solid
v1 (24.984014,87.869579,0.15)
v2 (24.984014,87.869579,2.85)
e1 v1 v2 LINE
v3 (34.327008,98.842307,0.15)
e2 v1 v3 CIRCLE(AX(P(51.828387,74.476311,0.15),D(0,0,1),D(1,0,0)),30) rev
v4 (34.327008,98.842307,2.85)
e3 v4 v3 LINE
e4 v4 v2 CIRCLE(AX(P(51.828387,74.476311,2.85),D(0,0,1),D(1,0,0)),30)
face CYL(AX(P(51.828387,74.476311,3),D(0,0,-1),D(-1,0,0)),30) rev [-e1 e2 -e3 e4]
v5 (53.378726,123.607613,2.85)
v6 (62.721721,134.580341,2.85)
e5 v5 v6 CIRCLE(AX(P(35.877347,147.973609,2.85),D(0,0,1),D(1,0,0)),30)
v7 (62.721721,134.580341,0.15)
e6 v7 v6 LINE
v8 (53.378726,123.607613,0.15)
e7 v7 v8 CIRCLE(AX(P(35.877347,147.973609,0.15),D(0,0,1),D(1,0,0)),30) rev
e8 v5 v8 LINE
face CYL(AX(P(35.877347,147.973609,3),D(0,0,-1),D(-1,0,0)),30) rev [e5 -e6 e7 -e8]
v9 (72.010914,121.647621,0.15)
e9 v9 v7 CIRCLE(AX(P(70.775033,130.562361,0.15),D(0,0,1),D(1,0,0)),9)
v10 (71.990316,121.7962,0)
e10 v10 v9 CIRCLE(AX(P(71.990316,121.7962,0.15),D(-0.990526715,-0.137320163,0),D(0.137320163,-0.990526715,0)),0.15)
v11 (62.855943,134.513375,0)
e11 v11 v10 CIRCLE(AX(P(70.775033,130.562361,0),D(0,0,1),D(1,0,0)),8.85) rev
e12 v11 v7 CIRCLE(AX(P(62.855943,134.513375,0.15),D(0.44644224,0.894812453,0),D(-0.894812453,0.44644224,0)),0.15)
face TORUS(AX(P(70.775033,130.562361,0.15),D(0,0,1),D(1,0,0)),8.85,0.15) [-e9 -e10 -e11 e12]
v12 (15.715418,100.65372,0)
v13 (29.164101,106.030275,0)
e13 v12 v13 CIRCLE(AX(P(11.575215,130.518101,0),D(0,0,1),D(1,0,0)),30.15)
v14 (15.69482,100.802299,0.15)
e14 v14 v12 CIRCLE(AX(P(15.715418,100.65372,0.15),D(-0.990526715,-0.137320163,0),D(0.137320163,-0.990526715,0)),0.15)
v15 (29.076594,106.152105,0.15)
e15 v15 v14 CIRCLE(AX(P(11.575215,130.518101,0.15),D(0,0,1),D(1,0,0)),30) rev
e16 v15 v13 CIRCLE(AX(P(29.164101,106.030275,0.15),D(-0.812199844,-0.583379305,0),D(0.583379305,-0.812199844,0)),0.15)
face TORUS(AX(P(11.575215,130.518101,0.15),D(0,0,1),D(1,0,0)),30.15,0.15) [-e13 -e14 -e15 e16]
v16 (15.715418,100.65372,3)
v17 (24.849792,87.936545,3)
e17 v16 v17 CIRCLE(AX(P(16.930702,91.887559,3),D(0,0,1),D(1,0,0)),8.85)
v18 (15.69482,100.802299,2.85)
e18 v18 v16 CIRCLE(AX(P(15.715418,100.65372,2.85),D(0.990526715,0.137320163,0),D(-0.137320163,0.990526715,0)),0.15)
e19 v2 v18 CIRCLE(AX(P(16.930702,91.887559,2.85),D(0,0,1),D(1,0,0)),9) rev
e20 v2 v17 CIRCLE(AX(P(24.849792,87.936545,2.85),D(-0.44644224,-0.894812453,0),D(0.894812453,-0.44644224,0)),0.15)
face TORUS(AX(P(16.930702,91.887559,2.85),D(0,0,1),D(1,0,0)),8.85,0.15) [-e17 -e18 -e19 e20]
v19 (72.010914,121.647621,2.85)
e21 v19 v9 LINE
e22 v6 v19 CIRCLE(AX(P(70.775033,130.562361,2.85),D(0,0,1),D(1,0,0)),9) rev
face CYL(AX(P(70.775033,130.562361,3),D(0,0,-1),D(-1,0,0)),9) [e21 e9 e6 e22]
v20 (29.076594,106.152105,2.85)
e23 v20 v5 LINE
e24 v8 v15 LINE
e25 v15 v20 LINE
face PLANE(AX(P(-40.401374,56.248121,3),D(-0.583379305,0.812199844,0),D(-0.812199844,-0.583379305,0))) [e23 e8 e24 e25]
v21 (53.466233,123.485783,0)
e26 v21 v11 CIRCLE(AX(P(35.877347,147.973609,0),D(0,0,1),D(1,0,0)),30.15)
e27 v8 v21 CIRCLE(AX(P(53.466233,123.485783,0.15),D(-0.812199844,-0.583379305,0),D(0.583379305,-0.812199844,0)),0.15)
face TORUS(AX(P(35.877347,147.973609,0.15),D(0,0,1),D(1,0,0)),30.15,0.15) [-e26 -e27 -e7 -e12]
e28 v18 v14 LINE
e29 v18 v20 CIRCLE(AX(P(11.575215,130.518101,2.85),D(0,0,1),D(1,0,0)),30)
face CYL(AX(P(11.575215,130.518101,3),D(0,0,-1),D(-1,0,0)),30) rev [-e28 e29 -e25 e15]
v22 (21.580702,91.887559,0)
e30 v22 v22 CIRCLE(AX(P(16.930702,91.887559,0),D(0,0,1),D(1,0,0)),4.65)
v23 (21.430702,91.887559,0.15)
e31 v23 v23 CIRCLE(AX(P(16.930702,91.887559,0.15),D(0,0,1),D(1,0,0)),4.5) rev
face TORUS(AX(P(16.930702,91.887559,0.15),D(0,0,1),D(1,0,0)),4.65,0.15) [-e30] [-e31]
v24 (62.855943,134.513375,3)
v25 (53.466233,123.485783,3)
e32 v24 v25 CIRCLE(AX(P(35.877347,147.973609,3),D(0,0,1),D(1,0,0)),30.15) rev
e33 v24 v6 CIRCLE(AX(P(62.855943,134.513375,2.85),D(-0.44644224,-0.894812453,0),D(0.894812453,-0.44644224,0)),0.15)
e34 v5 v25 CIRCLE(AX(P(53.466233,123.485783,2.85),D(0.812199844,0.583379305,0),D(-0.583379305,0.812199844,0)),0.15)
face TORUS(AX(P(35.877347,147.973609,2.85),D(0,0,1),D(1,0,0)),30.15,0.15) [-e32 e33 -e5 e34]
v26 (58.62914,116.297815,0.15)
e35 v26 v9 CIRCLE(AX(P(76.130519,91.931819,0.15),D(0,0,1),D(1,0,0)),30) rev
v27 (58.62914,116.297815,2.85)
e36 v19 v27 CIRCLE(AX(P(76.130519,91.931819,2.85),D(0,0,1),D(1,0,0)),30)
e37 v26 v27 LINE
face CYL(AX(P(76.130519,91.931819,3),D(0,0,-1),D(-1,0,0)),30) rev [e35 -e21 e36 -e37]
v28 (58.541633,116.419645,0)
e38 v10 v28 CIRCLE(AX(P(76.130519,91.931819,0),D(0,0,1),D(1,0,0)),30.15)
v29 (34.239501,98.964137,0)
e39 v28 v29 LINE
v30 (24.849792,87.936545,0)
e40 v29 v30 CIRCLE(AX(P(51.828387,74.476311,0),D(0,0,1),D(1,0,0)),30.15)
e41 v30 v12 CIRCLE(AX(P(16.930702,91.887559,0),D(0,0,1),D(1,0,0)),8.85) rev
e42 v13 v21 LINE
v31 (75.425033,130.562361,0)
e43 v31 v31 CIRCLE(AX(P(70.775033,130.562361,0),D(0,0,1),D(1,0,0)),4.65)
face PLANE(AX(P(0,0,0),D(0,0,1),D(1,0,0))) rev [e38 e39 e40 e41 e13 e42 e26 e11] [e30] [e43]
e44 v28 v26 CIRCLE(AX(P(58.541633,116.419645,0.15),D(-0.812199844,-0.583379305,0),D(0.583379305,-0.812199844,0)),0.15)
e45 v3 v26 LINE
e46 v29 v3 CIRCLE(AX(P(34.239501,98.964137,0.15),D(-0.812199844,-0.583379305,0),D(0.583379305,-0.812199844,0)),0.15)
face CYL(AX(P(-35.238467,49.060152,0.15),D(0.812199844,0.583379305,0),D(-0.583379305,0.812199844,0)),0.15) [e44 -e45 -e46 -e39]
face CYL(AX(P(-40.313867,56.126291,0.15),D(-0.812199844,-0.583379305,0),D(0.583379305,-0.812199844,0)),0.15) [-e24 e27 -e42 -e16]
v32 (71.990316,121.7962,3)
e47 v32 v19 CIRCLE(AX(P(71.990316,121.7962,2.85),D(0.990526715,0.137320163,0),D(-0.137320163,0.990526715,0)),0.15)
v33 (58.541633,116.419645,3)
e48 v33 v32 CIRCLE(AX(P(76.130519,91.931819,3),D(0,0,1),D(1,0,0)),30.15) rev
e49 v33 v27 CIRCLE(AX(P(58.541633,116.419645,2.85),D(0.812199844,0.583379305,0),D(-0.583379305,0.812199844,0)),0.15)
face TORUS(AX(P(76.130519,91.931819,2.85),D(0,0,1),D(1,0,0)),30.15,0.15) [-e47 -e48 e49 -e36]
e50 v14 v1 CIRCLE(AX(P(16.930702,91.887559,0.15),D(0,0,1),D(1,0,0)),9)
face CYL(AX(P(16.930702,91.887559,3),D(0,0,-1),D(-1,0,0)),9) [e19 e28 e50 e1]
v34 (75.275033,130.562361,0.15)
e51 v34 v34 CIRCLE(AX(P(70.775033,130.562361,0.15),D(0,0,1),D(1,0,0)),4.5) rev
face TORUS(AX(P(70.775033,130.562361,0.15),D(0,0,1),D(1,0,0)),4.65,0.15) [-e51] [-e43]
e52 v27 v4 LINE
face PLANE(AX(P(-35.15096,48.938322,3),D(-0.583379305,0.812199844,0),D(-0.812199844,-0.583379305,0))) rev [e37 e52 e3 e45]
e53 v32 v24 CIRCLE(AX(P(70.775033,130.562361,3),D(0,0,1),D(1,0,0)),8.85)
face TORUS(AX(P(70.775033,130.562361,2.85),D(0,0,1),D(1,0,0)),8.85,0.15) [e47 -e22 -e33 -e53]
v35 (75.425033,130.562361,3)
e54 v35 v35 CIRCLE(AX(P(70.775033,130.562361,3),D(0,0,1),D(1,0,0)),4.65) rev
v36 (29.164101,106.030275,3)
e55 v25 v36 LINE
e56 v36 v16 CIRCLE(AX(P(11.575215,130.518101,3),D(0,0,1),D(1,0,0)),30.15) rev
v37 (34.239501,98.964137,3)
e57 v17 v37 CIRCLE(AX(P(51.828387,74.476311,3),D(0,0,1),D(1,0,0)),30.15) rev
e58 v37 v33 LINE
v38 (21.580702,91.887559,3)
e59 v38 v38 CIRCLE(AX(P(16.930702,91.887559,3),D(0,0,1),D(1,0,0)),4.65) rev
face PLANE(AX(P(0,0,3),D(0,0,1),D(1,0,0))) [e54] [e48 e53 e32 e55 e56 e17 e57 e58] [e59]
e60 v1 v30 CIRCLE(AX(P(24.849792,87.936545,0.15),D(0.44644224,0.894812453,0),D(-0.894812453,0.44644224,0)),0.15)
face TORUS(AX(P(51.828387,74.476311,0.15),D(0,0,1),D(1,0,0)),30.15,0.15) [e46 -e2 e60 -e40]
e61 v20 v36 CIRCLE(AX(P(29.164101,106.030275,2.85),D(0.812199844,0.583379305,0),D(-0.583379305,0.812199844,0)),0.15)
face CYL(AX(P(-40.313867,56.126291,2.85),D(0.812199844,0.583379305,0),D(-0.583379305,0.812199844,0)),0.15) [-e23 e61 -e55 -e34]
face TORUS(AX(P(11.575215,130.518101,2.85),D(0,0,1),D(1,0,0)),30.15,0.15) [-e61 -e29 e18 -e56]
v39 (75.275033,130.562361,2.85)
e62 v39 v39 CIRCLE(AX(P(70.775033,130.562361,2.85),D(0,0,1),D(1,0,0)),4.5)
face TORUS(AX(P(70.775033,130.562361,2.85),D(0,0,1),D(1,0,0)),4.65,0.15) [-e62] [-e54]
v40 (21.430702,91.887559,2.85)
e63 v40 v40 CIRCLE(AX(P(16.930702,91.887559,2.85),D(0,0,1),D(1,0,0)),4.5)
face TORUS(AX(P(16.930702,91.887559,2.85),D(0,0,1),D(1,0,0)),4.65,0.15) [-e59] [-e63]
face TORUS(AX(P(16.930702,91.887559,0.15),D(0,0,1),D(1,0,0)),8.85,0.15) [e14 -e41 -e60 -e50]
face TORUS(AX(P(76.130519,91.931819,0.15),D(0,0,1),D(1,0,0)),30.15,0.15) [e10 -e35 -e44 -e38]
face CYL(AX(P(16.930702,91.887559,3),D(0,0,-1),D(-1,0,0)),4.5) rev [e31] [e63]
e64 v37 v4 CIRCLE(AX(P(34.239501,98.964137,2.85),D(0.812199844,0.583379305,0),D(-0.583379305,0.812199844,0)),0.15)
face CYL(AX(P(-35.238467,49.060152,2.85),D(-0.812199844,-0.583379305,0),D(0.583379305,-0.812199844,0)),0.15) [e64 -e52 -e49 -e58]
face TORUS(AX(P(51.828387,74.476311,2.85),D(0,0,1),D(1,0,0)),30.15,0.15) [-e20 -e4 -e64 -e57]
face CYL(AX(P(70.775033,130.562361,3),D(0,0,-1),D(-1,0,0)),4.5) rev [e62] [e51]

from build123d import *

# Parameters (mm, degrees)
BOSS_EXTRUDE1_DEPTH = 3
FILLET1_R           = 30
FILLET2_R           = 0.15


with BuildPart() as part:
    # Sketch1 → Boss-Extrude1 (new body)
    with BuildSketch(Plane.XY):
        with BuildLine():
            ThreePointArc((79.775032783, 130.56236121), (70.328436421, 139.551273919), (61.81935463, 129.670268829))
            Line((61.81935463, 129.670268829), (68.149825912, 134.217260509))
            ThreePointArc((68.149825912, 134.217260509), (74.429932082, 133.187568081), (73.400239654, 126.907461911))
            Line((73.400239654, 126.907461911), (67.069768371, 122.360470231))
            ThreePointArc((67.069768371, 122.360470231), (75.656252932, 123.001032633), (79.775032783, 130.56236121))
        make_face()
        with BuildLine():
            Line((61.81935463, 129.670268829), (20.635966041, 100.089449815))
            ThreePointArc((20.635966041, 100.089449815), (24.240500227, 97.137972577), (25.886379782, 92.779651217))
            Line((25.886379782, 92.779651217), (67.069768371, 122.360470231))
            ThreePointArc((67.069768371, 122.360470231), (63.465234185, 125.311947469), (61.81935463, 129.670268829))
        make_face()
        with BuildLine():
            ThreePointArc((19.555908499, 88.232659536), (13.27580233, 89.262351965), (14.305494758, 95.542458134))
            Line((14.305494758, 95.542458134), (20.635966041, 100.089449815))
            ThreePointArc((20.635966041, 100.089449815), (9.369373051, 87.006338686), (25.930701629, 91.887558835))
            ThreePointArc((25.930701629, 91.887558835), (25.919614338, 92.334155197), (25.886379782, 92.779651217))
            Line((25.886379782, 92.779651217), (19.555908499, 88.232659536))
        make_face()
        with BuildLine():
            Line((20.635966041, 100.089449815), (14.305494758, 95.542458134))
            ThreePointArc((14.305494758, 95.542458134), (20.585600928, 94.512765706), (19.555908499, 88.232659536))
            Line((19.555908499, 88.232659536), (25.886379782, 92.779651217))
            ThreePointArc((25.886379782, 92.779651217), (24.240500227, 97.137972577), (20.635966041, 100.089449815))
        make_face()
        with BuildLine():
            Line((68.149825912, 134.217260509), (61.81935463, 129.670268829))
            ThreePointArc((61.81935463, 129.670268829), (63.465234185, 125.311947469), (67.069768371, 122.360470231))
            Line((67.069768371, 122.360470231), (73.400239654, 126.907461911))
            ThreePointArc((73.400239654, 126.907461911), (67.120133484, 127.93715434), (68.149825912, 134.217260509))
        make_face()
    extrude(amount=BOSS_EXTRUDE1_DEPTH)

    # Fillet1
    fillet1_edges = [part.edges().sort_by_distance(p)[0] for p in [
        (61.81935463, 129.670268829, 1.5),
        (67.069768371, 122.360470231, 1.5),
        (25.886379782, 92.779651217, 1.5),
        (20.635966041, 100.089449815, 1.5),
    ]]
    fillet(fillet1_edges, radius=FILLET1_R)

    # Fillet2
    fillet2_edges = [part.edges().sort_by_distance(p)[0] for p in [
        (68.149825912, 134.217260509, 3),
        (9.620903031, 86.637145094, 0),
        (9.620903031, 86.637145094, 3),
        (41.227660335, 114.879859322, 0),
        (41.227660335, 114.879859322, 3),
        (46.478074076, 107.570060724, 0),
        (46.478074076, 107.570060724, 3),
        (19.555908499, 88.232659536, 3),
        (78.084831381, 135.812774952, 0),
        (78.084831381, 135.812774952, 3),
        (22.711724782, 102.661716239, 0),
        (22.711724782, 102.661716239, 3),
        (28.986832252, 93.925305349, 0),
        (28.986832252, 93.925305349, 3),
        (64.99400963, 119.788203807, 0),
        (64.99400963, 119.788203807, 3),
        (58.71890216, 128.524614697, 0),
        (58.71890216, 128.524614697, 3),
        (19.555908499, 88.232659536, 0),
        (68.149825912, 134.217260509, 0),
    ]]
    fillet(fillet2_edges, radius=FILLET2_R)


solid = part.part
